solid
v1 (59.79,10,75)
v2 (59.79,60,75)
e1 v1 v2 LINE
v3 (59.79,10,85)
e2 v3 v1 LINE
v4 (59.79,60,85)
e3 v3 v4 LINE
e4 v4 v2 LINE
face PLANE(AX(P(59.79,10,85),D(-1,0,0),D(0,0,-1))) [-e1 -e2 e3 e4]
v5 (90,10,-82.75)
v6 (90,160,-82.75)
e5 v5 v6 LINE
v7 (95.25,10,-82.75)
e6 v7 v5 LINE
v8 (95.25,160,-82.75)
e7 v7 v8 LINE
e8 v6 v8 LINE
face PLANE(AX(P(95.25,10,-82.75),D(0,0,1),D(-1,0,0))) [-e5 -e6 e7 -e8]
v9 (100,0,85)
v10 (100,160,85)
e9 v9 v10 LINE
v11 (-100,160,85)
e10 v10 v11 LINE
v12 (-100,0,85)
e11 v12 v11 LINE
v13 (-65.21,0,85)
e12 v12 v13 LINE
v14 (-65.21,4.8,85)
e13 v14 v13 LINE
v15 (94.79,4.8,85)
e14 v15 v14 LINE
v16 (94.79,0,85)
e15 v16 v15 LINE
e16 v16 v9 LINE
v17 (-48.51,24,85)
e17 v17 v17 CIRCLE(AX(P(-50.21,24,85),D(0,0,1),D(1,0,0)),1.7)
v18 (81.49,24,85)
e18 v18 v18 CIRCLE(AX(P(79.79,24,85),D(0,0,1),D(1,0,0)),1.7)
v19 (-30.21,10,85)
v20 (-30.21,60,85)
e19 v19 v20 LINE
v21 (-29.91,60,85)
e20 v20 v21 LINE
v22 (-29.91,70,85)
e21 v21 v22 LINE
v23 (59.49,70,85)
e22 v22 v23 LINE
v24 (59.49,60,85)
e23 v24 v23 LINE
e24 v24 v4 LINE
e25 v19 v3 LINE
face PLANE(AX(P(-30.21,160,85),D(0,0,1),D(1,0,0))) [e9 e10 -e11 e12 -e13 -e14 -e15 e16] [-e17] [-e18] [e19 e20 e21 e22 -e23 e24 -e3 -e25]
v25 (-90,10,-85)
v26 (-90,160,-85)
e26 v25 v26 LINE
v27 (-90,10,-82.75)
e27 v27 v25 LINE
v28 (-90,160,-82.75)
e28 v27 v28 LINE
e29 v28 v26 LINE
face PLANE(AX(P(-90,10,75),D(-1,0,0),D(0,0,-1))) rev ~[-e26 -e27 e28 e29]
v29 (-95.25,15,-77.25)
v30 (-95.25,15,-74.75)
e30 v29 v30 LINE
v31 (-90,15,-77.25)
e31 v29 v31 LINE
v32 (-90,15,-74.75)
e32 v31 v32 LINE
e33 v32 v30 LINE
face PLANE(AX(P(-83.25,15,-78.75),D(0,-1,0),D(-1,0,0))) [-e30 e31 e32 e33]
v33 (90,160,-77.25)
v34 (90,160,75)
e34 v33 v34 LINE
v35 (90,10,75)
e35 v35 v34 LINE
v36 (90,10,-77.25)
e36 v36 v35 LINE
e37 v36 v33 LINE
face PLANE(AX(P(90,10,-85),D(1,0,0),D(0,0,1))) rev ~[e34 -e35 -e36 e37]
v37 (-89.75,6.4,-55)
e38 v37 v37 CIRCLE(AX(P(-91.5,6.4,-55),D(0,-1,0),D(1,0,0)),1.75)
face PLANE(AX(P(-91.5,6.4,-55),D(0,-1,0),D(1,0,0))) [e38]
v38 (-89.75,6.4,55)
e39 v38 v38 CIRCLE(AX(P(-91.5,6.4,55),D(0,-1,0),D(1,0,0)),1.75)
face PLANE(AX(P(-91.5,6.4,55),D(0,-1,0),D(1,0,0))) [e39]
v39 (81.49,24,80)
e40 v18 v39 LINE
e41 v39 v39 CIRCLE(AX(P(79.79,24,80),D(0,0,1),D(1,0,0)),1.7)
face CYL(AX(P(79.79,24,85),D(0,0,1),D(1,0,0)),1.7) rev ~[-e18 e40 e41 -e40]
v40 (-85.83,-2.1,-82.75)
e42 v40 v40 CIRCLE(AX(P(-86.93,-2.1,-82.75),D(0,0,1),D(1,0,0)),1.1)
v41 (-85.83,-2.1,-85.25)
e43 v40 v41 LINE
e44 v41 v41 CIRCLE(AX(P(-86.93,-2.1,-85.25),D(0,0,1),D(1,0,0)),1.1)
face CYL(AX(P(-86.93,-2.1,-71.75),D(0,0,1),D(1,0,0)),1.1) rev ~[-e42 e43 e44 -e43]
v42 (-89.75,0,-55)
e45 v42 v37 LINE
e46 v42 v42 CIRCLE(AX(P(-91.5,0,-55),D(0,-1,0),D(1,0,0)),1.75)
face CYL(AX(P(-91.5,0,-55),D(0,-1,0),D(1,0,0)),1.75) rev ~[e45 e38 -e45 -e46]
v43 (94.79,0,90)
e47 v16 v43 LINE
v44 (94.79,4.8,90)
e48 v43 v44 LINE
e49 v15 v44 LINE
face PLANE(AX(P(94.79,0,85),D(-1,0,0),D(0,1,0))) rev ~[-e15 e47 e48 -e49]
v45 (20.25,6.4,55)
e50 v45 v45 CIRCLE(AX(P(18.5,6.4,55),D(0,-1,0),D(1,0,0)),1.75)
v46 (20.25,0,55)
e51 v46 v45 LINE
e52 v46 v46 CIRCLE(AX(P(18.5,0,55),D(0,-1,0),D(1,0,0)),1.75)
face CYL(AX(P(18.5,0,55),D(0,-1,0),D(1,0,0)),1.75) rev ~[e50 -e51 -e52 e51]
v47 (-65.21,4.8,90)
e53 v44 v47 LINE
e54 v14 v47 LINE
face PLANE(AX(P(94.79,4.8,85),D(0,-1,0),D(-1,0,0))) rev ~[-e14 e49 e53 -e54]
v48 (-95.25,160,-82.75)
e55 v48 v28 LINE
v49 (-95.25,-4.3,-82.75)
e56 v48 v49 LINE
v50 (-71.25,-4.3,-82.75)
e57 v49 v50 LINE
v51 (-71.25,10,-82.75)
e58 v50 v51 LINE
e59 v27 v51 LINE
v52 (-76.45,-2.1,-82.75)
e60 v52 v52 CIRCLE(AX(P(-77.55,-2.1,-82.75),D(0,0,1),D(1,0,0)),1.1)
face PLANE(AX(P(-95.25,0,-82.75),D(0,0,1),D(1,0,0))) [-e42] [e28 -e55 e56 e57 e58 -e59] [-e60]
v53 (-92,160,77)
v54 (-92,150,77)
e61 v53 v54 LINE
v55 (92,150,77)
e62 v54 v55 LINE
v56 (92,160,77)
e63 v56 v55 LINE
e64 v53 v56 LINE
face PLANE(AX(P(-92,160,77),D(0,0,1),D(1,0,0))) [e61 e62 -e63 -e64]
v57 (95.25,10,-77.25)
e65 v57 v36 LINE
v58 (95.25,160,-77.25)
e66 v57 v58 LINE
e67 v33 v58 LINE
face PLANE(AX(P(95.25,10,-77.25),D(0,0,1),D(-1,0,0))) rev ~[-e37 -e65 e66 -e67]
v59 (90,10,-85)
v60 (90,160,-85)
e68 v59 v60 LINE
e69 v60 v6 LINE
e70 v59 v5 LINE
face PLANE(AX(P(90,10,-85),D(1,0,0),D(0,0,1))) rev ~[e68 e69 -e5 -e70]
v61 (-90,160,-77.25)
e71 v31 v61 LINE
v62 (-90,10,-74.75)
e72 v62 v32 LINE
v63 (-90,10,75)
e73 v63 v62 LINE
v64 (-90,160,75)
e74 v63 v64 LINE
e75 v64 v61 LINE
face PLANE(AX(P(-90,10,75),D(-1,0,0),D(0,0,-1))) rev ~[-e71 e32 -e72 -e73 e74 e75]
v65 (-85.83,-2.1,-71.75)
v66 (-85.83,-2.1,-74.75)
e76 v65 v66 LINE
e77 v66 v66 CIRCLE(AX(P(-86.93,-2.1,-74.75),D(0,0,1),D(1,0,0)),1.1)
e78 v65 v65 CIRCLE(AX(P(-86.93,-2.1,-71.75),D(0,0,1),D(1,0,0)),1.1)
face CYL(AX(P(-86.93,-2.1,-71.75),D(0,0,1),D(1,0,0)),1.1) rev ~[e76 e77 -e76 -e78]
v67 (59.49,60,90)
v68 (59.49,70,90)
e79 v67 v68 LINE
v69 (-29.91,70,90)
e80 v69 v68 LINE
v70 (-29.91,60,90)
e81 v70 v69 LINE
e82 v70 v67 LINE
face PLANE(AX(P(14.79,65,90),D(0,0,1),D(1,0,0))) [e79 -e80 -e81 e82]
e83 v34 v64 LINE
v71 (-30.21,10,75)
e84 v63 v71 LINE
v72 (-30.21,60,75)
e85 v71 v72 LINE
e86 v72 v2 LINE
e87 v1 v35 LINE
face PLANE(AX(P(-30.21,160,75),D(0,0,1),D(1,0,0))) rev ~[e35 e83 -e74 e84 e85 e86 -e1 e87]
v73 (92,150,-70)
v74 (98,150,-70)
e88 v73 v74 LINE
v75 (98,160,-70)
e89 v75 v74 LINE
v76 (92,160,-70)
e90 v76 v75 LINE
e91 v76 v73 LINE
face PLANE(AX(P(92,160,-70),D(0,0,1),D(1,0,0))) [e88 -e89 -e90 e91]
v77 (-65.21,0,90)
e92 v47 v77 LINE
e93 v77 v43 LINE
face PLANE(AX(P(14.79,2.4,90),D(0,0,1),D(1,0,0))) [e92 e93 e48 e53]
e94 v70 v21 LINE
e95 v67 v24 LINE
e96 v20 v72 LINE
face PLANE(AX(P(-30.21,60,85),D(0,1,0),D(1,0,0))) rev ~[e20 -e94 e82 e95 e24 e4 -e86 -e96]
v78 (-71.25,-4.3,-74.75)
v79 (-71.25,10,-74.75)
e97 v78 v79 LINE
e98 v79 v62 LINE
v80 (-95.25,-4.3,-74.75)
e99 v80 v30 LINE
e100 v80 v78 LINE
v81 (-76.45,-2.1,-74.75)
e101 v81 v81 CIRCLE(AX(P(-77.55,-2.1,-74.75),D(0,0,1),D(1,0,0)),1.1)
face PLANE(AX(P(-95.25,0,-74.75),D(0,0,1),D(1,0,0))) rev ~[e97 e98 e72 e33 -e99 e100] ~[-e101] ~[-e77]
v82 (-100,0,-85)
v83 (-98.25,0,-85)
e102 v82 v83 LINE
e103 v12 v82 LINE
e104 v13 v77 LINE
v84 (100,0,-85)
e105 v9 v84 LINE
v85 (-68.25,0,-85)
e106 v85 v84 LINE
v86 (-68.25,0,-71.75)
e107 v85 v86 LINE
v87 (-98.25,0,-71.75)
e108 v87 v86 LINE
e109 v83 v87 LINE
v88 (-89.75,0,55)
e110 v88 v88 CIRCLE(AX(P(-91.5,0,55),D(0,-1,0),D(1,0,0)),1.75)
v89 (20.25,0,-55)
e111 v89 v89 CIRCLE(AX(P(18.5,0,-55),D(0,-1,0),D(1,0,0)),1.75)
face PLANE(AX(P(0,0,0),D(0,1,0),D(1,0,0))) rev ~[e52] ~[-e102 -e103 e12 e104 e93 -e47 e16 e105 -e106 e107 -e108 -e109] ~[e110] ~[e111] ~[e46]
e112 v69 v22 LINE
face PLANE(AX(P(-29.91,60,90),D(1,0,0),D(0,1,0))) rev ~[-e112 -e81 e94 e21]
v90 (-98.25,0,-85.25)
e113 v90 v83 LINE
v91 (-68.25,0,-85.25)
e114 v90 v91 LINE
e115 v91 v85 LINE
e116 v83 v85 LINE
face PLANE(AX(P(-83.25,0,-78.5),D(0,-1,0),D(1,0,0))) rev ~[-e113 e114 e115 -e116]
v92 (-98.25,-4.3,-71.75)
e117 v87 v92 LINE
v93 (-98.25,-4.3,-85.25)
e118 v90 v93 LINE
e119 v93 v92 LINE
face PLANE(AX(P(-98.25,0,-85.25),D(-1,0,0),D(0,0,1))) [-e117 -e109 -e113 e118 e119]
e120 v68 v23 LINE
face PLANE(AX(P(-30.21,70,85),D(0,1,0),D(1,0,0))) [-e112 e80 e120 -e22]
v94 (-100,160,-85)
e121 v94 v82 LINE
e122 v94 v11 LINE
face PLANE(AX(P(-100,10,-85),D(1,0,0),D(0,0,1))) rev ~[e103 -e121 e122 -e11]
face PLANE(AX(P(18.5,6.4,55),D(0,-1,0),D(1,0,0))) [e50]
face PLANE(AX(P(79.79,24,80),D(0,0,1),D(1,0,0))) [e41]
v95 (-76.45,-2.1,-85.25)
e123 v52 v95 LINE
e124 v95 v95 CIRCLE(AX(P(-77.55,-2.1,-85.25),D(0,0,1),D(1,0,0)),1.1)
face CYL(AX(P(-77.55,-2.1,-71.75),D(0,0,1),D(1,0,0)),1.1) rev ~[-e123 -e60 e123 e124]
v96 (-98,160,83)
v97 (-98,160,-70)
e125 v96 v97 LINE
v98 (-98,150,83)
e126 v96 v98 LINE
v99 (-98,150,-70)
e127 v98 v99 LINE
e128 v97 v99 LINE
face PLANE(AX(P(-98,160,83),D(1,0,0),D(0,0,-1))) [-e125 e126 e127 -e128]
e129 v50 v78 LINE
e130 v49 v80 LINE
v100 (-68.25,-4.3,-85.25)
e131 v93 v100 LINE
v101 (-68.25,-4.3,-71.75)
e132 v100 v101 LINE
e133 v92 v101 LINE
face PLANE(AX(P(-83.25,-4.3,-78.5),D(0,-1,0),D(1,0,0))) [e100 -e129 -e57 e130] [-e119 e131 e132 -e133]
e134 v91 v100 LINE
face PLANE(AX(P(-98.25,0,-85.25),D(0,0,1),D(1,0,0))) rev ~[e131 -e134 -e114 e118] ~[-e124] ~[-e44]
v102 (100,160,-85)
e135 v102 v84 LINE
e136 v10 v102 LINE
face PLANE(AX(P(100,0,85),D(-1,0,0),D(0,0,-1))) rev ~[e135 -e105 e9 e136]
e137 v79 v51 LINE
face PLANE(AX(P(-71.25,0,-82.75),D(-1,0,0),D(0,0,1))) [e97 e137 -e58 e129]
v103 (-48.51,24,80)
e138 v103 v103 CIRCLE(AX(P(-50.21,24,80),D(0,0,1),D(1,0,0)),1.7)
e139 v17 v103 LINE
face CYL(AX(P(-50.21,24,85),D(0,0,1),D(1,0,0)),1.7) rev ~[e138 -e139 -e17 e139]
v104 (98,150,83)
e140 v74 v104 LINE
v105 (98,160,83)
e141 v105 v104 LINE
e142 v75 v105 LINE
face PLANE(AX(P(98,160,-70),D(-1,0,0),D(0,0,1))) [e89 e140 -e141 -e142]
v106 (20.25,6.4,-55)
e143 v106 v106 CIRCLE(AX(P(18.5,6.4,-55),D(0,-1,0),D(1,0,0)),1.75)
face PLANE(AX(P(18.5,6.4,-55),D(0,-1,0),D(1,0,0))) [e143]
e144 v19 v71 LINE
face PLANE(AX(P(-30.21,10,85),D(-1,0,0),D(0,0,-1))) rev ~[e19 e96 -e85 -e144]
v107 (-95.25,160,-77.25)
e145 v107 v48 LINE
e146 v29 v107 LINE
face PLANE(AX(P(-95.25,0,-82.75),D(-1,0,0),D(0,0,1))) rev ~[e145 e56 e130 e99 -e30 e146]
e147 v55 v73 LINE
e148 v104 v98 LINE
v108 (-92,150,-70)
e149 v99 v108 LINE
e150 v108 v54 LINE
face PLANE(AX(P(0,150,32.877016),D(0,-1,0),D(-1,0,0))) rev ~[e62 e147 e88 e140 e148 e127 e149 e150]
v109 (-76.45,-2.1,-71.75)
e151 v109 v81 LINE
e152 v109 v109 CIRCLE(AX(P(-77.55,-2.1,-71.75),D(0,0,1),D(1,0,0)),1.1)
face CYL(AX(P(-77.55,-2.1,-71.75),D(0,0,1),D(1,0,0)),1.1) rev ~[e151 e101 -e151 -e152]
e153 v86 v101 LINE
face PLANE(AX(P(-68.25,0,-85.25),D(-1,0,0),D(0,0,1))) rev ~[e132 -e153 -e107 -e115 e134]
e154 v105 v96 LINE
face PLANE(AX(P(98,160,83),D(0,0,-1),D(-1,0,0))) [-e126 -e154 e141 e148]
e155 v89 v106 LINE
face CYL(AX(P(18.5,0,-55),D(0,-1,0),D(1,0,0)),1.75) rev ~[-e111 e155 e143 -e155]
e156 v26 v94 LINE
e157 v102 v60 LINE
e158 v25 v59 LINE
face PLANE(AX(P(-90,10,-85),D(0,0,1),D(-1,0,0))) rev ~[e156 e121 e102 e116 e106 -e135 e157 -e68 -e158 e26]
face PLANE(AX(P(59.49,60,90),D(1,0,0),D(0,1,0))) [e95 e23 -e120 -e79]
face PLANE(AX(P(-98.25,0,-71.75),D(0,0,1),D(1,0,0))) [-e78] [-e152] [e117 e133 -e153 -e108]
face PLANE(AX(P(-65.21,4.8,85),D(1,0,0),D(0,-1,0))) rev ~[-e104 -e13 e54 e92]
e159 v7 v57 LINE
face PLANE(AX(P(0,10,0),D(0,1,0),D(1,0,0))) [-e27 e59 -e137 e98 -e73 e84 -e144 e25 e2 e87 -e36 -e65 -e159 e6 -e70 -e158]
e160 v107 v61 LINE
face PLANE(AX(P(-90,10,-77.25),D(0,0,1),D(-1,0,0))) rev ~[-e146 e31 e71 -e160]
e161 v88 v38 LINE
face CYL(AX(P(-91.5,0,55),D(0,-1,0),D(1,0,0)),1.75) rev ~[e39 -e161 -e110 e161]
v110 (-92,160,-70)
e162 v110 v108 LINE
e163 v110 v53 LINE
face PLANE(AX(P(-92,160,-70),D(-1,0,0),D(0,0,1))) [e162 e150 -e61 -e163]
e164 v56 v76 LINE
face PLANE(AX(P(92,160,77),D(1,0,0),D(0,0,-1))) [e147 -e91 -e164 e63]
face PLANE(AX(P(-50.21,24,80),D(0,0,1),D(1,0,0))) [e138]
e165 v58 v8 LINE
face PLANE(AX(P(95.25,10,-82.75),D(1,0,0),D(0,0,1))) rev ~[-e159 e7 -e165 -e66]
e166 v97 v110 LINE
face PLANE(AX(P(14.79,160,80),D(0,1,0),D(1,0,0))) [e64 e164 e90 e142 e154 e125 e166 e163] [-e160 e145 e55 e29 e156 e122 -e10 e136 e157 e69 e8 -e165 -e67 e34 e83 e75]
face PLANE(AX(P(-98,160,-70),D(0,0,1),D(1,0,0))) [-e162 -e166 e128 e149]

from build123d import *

# Parameters (mm, degrees)
CROQUIS1_W              = 200
CROQUIS1_H              = 170
SALIENTE_EXTRUIR1_DEPTH = 10
SALIENTE_EXTRUIR2_DEPTH = 150
CROQUIS3_W              = 90
CROQUIS3_H              = 10
SALIENTE_EXTRUIR3_DEPTH = 100
CROQUIS4_W              = 5.25
CROQUIS4_H              = 5.5
CORTAR_EXTRUIR1_DEPTH   = 170
CROQUIS7_W              = 90
CROQUIS7_H              = 10
SALIENTE_EXTRUIR4_DEPTH = 5
CORTAR_EXTRUIR3_DEPTH   = 10
CORTAR_EXTRUIR4_DEPTH   = 30
CORTAR_EXTRUIR5_DEPTH   = 5
CROQUIS10_W             = 30
CROQUIS10_H             = 13.5
CROQUIS10_W_2           = 24
CROQUIS10_H_2           = 8
SALIENTE_EXTRUIR5_DEPTH = 4.3
CROQUIS11_R             = 1.1
CORTAR_EXTRUIR6_DEPTH   = 14.3
CROQUIS12_R             = 1.75
CORTAR_EXTRUIR7_DEPTH   = 6.4
CROQUIS13_R             = 1.7
CORTAR_EXTRUIR8_DEPTH   = 5
CROQUIS14_W             = 0.3
CROQUIS14_H             = 10
CORTAR_EXTRUIR9_DEPTH   = 5
SALIENTE_EXTRUIR6_DEPTH = 5


with BuildPart() as part:
    # Croquis1 → Saliente-Extruir1 (new body)
    with BuildSketch(Plane(origin=(0, 0, 0), x_dir=(1, 0, 0), z_dir=(0, 1, 0))):
        Rectangle(CROQUIS1_W, CROQUIS1_H)
    extrude(amount=SALIENTE_EXTRUIR1_DEPTH)

    # Croquis2 → Saliente-Extruir2 (add)
    with BuildSketch(Plane(origin=(0, 10, 0), x_dir=(1, 0, 0), z_dir=(0, 1, 0))):
        Polygon((-100, 85), (-100, -85), (-30.21, -85), (-30.21, -75), (-90, -75), (-90, 85), align=None)
        Polygon((59.79, -75), (59.79, -85), (100, -85), (100, 85), (90, 85), (90, -75), align=None)
    extrude(amount=SALIENTE_EXTRUIR2_DEPTH)

    # Croquis3 → Saliente-Extruir3 (add)
    with BuildSketch(Plane(origin=(0, 160, 0), x_dir=(1, 0, 0), z_dir=(0, 1, 0))):
        with Locations((14.79, -80)):
            Rectangle(CROQUIS3_W, CROQUIS3_H)
    extrude(amount=-SALIENTE_EXTRUIR3_DEPTH)

    # Croquis4 → Cortar-Extruir1 (cut)
    with BuildSketch(Plane(origin=(0, 10, 65), x_dir=(-1, 0, 0), z_dir=(0, 1, 0))):
        with Locations((92.625, -145)):
            Rectangle(CROQUIS4_W, CROQUIS4_H)
        with Locations((-92.625, -145)):
            Rectangle(CROQUIS4_W, CROQUIS4_H)
    extrude(amount=CORTAR_EXTRUIR1_DEPTH, mode=Mode.SUBTRACT)

    # Croquis7 → Saliente-Extruir4 (add)
    with BuildSketch(Plane.XY.offset(85)):
        with Locations((14.79, 65)):
            Rectangle(CROQUIS7_W, CROQUIS7_H)
    extrude(amount=SALIENTE_EXTRUIR4_DEPTH)

    # Croquis8 → Cortar-Extruir3 (cut)
    with BuildSketch(Plane(origin=(0, 160, 0), x_dir=(1, 0, 0), z_dir=(0, 1, 0))):
        Polygon((98, -83), (98, 70), (92, 70), (92, -77), (-92, -77), (-92, 70), (-98, 70), (-98, -83), align=None)
    extrude(amount=-CORTAR_EXTRUIR3_DEPTH, mode=Mode.SUBTRACT)

    # Croquis9 → Cortar-Extruir4 (cut)
    with BuildSketch(Plane(origin=(0, 10, 0), x_dir=(1, 0, 0), z_dir=(0, 1, 0))):
        Polygon((-95.25, 77.25), (-95.25, 82.75), (-71.25, 82.75), (-71.25, 77.25), (-71.25, 74.75), (-95.25, 74.75), align=None)
    extrude(amount=-CORTAR_EXTRUIR4_DEPTH, mode=Mode.SUBTRACT)

    # Croquis9<2> → Cortar-Extruir5 (cut)
    with BuildSketch(Plane(origin=(0, 10, 0), x_dir=(1, 0, 0), z_dir=(0, 1, 0))):
        Polygon((-95.25, 77.25), (-95.25, 82.75), (-71.25, 82.75), (-71.25, 77.25), (-71.25, 74.75), (-95.25, 74.75), align=None)
    extrude(amount=CORTAR_EXTRUIR5_DEPTH, mode=Mode.SUBTRACT)

    # Croquis10 → Saliente-Extruir5 (add)
    with BuildSketch(Plane.XZ):
        with Locations((-83.25, -78.5)):
            Rectangle(CROQUIS10_W, CROQUIS10_H)
        with Locations((-83.25, -78.75)):
            Rectangle(CROQUIS10_W_2, CROQUIS10_H_2, mode=Mode.SUBTRACT)
    extrude(amount=SALIENTE_EXTRUIR5_DEPTH)

    # Croquis11 → Cortar-Extruir6 (cut)
    with BuildSketch(Plane.XY.offset(-71.75)):
        with Locations((-77.55, -2.1)):
            Circle(CROQUIS11_R)
        with Locations((-86.93, -2.1)):
            Circle(CROQUIS11_R)
    extrude(amount=-CORTAR_EXTRUIR6_DEPTH, mode=Mode.SUBTRACT)

    # Croquis12 → Cortar-Extruir7 (cut)
    with BuildSketch(Plane.XZ):
        with Locations((-91.5, -55)):
            Circle(CROQUIS12_R)
        with Locations((18.5, -55)):
            Circle(CROQUIS12_R)
        with Locations((-91.5, 55)):
            Circle(CROQUIS12_R)
        with Locations((18.5, 55)):
            Circle(CROQUIS12_R)
    extrude(amount=-CORTAR_EXTRUIR7_DEPTH, mode=Mode.SUBTRACT)

    # Croquis13 → Cortar-Extruir8 (cut)
    with BuildSketch(Plane.XY.offset(85)):
        with Locations((-50.21, 24)):
            Circle(CROQUIS13_R)
        with Locations((79.79, 24)):
            Circle(CROQUIS13_R)
    extrude(amount=-CORTAR_EXTRUIR8_DEPTH, mode=Mode.SUBTRACT)

    # Croquis14 → Cortar-Extruir9 (cut)
    with BuildSketch(Plane.XY.offset(90)):
        with Locations((-30.06, 65)):
            Rectangle(CROQUIS14_W, CROQUIS14_H)
        with Locations((59.64, 65)):
            Rectangle(CROQUIS14_W, CROQUIS14_H)
    extrude(amount=-CORTAR_EXTRUIR9_DEPTH, mode=Mode.SUBTRACT)

    # Croquis15 → Saliente-Extruir6 (add)
    with BuildSketch(Plane.XY.offset(85)):
        Polygon((14.79, 0), (94.79, 0), (94.79, 4.8), (14.79, 4.8), (-65.21, 4.8), (-65.21, 0), align=None)
    extrude(amount=SALIENTE_EXTRUIR6_DEPTH)


solid = part.part
